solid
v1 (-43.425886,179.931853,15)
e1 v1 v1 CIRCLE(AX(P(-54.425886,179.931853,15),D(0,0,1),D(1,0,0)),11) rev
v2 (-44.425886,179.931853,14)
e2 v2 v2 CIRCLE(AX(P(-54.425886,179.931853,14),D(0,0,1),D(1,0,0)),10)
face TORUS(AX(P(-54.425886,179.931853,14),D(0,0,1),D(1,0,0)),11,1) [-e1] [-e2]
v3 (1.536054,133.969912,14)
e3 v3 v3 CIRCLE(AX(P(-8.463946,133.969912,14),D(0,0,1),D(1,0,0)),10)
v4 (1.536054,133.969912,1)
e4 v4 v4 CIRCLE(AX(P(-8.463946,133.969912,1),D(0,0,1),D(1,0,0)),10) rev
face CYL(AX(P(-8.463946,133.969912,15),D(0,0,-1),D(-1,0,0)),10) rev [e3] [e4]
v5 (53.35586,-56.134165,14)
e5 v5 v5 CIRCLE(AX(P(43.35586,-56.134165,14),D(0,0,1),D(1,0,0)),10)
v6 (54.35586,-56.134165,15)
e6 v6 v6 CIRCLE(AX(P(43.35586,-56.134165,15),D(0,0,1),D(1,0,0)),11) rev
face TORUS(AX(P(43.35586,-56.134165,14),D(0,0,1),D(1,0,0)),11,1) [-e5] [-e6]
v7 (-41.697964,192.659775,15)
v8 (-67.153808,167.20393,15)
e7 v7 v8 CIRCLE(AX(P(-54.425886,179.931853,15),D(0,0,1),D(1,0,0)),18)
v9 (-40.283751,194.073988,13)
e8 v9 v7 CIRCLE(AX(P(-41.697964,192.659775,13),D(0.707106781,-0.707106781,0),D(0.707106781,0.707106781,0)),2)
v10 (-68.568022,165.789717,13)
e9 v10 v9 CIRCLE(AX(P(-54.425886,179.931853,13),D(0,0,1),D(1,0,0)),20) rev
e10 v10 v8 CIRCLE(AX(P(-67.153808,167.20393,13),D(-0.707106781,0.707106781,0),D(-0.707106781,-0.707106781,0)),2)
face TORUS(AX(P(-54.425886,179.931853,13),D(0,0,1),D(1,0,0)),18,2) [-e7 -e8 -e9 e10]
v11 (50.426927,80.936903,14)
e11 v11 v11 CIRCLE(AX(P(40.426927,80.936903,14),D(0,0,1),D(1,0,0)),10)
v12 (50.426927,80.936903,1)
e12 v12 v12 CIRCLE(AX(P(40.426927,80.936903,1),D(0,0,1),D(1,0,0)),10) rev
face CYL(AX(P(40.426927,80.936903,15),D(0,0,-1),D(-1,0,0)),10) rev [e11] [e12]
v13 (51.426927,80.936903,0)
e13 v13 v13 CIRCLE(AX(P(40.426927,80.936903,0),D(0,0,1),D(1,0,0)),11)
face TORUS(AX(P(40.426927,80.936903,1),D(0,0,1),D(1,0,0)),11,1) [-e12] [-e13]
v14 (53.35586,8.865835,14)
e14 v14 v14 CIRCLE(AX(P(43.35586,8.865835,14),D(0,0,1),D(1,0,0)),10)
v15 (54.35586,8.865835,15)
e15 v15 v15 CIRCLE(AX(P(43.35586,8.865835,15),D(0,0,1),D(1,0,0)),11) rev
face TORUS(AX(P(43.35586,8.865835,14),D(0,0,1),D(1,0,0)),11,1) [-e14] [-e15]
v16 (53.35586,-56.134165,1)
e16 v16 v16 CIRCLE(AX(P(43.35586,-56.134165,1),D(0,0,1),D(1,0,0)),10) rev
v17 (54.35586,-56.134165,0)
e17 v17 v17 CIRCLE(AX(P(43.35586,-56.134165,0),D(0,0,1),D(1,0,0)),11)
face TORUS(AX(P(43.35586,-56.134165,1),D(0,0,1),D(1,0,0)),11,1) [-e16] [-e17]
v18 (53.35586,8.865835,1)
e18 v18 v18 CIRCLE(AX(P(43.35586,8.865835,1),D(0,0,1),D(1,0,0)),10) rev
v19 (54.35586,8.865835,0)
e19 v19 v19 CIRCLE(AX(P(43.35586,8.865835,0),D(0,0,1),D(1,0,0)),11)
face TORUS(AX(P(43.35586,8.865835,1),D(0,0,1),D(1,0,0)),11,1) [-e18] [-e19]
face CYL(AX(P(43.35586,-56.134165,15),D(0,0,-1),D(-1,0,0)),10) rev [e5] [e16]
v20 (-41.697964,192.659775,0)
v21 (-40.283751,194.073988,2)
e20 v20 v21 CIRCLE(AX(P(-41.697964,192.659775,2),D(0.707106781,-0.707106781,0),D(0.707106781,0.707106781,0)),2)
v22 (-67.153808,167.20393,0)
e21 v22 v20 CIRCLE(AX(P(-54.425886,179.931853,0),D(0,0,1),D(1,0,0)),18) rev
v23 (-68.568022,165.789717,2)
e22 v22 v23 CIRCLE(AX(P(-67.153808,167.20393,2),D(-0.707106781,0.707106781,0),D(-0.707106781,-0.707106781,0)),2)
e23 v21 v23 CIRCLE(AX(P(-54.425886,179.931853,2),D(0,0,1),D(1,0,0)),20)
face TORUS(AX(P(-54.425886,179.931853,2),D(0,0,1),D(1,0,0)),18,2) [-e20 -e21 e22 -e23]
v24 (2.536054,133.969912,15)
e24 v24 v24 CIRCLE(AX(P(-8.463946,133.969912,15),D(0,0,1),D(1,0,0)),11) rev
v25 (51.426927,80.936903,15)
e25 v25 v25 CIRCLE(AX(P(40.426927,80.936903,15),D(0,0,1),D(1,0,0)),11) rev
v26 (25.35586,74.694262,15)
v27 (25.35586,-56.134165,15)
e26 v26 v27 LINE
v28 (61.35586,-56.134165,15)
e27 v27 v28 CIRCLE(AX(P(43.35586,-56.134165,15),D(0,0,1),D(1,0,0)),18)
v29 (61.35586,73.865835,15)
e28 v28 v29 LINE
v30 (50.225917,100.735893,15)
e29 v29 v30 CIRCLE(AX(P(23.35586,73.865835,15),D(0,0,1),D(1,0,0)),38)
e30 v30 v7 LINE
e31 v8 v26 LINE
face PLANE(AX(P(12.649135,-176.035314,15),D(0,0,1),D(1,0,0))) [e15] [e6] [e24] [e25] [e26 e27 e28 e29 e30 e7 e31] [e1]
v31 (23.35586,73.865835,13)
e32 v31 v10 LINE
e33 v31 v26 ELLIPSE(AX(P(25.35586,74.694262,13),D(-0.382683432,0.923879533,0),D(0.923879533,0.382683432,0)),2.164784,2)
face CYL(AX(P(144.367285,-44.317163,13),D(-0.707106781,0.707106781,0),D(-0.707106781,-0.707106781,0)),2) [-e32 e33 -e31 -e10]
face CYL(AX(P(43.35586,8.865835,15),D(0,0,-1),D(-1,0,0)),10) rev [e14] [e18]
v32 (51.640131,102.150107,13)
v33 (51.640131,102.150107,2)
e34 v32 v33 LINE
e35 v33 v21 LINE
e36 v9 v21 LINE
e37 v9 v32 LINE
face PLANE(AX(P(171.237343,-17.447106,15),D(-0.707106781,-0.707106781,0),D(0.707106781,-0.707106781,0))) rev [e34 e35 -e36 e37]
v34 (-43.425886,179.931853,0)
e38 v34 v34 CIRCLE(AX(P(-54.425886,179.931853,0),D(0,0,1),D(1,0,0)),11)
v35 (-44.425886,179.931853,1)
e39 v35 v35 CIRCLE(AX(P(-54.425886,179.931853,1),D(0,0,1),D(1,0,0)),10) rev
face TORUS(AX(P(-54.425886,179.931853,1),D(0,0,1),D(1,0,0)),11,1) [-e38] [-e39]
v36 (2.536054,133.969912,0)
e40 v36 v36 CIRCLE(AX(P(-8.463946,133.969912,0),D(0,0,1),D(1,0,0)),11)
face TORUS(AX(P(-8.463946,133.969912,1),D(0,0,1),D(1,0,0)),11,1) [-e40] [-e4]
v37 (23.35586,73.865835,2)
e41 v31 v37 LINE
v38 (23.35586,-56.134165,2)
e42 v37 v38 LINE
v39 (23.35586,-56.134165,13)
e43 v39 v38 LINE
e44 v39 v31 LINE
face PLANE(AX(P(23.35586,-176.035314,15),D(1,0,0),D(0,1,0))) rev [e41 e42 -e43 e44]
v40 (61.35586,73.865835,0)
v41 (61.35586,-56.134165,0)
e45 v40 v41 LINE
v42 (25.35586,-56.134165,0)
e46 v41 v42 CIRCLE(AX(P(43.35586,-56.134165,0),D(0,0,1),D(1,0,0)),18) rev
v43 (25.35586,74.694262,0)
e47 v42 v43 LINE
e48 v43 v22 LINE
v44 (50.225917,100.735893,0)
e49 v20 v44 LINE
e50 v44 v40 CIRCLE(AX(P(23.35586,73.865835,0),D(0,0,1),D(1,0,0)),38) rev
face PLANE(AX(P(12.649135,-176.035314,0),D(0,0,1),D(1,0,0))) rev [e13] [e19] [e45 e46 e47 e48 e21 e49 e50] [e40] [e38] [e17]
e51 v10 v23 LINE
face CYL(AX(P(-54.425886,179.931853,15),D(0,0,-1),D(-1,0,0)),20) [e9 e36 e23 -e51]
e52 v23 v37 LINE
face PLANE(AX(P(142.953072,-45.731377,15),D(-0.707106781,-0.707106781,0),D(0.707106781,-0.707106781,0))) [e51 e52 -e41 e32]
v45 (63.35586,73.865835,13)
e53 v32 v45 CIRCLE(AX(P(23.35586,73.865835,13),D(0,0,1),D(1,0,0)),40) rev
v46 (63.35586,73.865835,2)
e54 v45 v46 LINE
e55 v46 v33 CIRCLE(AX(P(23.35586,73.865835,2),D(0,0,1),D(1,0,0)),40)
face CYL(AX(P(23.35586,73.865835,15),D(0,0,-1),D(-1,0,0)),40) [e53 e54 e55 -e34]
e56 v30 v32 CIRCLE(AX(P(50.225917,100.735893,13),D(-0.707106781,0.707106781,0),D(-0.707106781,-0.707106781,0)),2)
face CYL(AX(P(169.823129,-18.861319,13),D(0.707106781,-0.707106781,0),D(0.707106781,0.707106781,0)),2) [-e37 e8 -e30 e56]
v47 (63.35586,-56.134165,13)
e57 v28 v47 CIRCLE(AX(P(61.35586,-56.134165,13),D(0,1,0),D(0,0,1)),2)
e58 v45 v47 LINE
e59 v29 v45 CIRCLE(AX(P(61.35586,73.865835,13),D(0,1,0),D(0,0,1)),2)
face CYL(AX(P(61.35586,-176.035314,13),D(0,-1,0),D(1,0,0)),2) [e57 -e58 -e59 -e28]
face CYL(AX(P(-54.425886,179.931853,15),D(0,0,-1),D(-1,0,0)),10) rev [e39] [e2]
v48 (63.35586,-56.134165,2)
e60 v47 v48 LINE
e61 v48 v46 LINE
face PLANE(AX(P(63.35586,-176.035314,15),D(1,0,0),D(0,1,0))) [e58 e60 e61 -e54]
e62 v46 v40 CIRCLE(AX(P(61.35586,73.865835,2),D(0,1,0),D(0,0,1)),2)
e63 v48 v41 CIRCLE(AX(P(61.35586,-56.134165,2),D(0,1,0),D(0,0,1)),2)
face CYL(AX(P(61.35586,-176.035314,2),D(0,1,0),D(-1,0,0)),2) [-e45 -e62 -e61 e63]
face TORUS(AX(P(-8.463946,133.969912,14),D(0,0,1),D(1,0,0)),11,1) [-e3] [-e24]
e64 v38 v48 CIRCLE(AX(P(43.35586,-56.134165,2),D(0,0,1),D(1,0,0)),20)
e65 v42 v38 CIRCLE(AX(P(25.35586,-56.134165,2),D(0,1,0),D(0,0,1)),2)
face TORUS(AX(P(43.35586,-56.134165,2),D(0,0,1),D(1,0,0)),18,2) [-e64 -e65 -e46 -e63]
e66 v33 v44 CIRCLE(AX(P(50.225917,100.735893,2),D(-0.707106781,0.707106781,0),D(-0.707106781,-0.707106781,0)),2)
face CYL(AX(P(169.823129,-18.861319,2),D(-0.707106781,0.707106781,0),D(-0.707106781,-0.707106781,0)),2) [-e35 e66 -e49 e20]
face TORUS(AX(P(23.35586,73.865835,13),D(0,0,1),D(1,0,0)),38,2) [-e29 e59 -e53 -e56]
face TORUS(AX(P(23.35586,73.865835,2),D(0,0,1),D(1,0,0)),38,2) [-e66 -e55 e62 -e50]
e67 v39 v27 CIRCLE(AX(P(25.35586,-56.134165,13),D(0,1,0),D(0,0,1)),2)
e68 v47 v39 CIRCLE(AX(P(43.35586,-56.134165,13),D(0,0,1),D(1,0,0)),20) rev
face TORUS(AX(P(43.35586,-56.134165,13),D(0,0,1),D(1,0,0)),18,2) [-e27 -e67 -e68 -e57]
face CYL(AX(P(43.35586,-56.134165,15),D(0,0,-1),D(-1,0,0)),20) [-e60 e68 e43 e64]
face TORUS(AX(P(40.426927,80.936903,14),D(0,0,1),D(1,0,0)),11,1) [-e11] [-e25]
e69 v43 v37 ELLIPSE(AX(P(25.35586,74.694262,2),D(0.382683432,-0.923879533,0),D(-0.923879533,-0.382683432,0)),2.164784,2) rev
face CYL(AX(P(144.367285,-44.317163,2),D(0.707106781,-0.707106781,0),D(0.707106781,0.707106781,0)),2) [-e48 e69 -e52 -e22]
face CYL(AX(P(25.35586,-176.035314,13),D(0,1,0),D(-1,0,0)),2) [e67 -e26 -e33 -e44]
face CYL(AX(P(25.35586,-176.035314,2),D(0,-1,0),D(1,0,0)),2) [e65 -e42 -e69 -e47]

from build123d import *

# Parameters (mm, degrees)
BOSS_EXTRU_1_DEPTH      = 15
ESQUISSE2_R             = 10
ENL_V_MAT_EXTRU_2_DEPTH = 15
CONG_1_R                = 1
CONG_2_R                = 2


with BuildPart() as part:
    # Esquisse1 → Boss.-Extru.1 (new body)
    with BuildSketch(Plane.XY):
        with BuildLine():
            ThreePointArc((-40.283750746, 194.073988134), (-68.568021993, 194.073988134), (-68.568021993, 165.789716887))
            Line((-68.568021993, 165.789716887), (-40.283750746, 194.073988134))
        make_face()
        with BuildLine():
            Line((-40.283750746, 194.073988134), (-68.568021993, 165.789716887))
            ThreePointArc((-68.568021993, 165.789716887), (-46.772217722, 161.45426186), (-34.42588637, 179.931852511))
            ThreePointArc((-34.42588637, 179.931852511), (-35.948295719, 187.585521158), (-40.283750746, 194.073988134))
        make_face()
        with BuildLine():
            Line((-68.568021993, 165.789716887), (23.355859561, 73.865835333))
            Line((23.355859561, 73.865835333), (51.640130808, 102.15010658))
            Line((51.640130808, 102.15010658), (-40.283750746, 194.073988134))
            ThreePointArc((-40.283750746, 194.073988134), (-35.948295719, 187.585521158), (-34.42588637, 179.931852511))
            ThreePointArc((-34.42588637, 179.931852511), (-46.772217722, 161.45426186), (-68.568021993, 165.789716887))
        make_face()
        with BuildLine():
            Line((23.355859561, 73.865835333), (63.355859561, 73.865835333))
            ThreePointArc((63.355859561, 73.865835333), (60.311040861, 89.173172627), (51.640130808, 102.15010658))
            Line((51.640130808, 102.15010658), (23.355859561, 73.865835333))
        make_face()
        with BuildLine():
            Line((63.355859561, 73.865835333), (23.355859561, 73.865835333))
            Line((23.355859561, 73.865835333), (23.355859561, -56.134164667))
            ThreePointArc((23.355859561, -56.134164667), (43.355859561, -36.134164667), (63.355859561, -56.134164667))
            Line((63.355859561, -56.134164667), (63.355859561, 73.865835333))
        make_face()
        with BuildLine():
            ThreePointArc((63.355859561, -56.134164667), (43.355859561, -36.134164667), (23.355859561, -56.134164667))
            Line((23.355859561, -56.134164667), (63.355859561, -56.134164667))
        make_face()
        with BuildLine():
            Line((63.355859561, -56.134164667), (23.355859561, -56.134164667))
            ThreePointArc((23.355859561, -56.134164667), (43.355859561, -76.134164667), (63.355859561, -56.134164667))
        make_face()
    extrude(amount=BOSS_EXTRU_1_DEPTH)

    # Esquisse2 → Enlèv. mat.-Extru.2 (cut)
    with BuildSketch(Plane(origin=(0, 0, 0), x_dir=(-1, 0, 0), z_dir=(0, 0, -1))):
        with Locations((-40.426927373, 80.936903145)):
            Circle(ESQUISSE2_R)
        with Locations((54.42588637, 179.931852511)):
            Circle(ESQUISSE2_R)
        with Locations((8.463945593, 133.969911734)):
            Circle(ESQUISSE2_R)
        with Locations((-43.355859561, -56.134164667)):
            Circle(ESQUISSE2_R)
        with Locations((-43.355859561, 8.865835333)):
            Circle(ESQUISSE2_R)
    extrude(amount=-ENL_V_MAT_EXTRU_2_DEPTH, mode=Mode.SUBTRACT)

    # Congé1
    cong_1_edges = [part.edges().sort_by_distance(p)[0] for p in [
        (-44.42588637, 179.931852511, 15),
        (-44.42588637, 179.931852511, 0),
        (1.536054407, 133.969911734, 15),
        (1.536054407, 133.969911734, 0),
        (50.426927373, 80.936903145, 15),
        (50.426927373, 80.936903145, 0),
        (53.355859561, 8.865835333, 15),
        (53.355859561, 8.865835333, 0),
        (53.355859561, -56.134164667, 15),
        (53.355859561, -56.134164667, 0),
    ]]
    fillet(cong_1_edges, radius=CONG_1_R)

    # Congé2
    cong_2_edges = [part.edges().sort_by_distance(p)[0] for p in [
        (-22.606081216, 119.82777611, 0),
        (-68.568021993, 194.073988134, 0),
        (23.355859561, 8.865835333, 15),
        (43.355859561, -76.134164667, 15),
        (63.355859561, 8.865835333, 15),
        (60.311040861, 89.173172627, 15),
        (5.678190031, 148.112047357, 15),
        (-68.568021993, 194.073988134, 15),
        (5.678190031, 148.112047357, 0),
        (-22.606081216, 119.82777611, 15),
        (60.311040861, 89.173172627, 0),
        (63.355859561, 8.865835333, 0),
        (43.355859561, -76.134164667, 0),
        (23.355859561, 8.865835333, 0),
    ]]
    fillet(cong_2_edges, radius=CONG_2_R)


solid = part.part
